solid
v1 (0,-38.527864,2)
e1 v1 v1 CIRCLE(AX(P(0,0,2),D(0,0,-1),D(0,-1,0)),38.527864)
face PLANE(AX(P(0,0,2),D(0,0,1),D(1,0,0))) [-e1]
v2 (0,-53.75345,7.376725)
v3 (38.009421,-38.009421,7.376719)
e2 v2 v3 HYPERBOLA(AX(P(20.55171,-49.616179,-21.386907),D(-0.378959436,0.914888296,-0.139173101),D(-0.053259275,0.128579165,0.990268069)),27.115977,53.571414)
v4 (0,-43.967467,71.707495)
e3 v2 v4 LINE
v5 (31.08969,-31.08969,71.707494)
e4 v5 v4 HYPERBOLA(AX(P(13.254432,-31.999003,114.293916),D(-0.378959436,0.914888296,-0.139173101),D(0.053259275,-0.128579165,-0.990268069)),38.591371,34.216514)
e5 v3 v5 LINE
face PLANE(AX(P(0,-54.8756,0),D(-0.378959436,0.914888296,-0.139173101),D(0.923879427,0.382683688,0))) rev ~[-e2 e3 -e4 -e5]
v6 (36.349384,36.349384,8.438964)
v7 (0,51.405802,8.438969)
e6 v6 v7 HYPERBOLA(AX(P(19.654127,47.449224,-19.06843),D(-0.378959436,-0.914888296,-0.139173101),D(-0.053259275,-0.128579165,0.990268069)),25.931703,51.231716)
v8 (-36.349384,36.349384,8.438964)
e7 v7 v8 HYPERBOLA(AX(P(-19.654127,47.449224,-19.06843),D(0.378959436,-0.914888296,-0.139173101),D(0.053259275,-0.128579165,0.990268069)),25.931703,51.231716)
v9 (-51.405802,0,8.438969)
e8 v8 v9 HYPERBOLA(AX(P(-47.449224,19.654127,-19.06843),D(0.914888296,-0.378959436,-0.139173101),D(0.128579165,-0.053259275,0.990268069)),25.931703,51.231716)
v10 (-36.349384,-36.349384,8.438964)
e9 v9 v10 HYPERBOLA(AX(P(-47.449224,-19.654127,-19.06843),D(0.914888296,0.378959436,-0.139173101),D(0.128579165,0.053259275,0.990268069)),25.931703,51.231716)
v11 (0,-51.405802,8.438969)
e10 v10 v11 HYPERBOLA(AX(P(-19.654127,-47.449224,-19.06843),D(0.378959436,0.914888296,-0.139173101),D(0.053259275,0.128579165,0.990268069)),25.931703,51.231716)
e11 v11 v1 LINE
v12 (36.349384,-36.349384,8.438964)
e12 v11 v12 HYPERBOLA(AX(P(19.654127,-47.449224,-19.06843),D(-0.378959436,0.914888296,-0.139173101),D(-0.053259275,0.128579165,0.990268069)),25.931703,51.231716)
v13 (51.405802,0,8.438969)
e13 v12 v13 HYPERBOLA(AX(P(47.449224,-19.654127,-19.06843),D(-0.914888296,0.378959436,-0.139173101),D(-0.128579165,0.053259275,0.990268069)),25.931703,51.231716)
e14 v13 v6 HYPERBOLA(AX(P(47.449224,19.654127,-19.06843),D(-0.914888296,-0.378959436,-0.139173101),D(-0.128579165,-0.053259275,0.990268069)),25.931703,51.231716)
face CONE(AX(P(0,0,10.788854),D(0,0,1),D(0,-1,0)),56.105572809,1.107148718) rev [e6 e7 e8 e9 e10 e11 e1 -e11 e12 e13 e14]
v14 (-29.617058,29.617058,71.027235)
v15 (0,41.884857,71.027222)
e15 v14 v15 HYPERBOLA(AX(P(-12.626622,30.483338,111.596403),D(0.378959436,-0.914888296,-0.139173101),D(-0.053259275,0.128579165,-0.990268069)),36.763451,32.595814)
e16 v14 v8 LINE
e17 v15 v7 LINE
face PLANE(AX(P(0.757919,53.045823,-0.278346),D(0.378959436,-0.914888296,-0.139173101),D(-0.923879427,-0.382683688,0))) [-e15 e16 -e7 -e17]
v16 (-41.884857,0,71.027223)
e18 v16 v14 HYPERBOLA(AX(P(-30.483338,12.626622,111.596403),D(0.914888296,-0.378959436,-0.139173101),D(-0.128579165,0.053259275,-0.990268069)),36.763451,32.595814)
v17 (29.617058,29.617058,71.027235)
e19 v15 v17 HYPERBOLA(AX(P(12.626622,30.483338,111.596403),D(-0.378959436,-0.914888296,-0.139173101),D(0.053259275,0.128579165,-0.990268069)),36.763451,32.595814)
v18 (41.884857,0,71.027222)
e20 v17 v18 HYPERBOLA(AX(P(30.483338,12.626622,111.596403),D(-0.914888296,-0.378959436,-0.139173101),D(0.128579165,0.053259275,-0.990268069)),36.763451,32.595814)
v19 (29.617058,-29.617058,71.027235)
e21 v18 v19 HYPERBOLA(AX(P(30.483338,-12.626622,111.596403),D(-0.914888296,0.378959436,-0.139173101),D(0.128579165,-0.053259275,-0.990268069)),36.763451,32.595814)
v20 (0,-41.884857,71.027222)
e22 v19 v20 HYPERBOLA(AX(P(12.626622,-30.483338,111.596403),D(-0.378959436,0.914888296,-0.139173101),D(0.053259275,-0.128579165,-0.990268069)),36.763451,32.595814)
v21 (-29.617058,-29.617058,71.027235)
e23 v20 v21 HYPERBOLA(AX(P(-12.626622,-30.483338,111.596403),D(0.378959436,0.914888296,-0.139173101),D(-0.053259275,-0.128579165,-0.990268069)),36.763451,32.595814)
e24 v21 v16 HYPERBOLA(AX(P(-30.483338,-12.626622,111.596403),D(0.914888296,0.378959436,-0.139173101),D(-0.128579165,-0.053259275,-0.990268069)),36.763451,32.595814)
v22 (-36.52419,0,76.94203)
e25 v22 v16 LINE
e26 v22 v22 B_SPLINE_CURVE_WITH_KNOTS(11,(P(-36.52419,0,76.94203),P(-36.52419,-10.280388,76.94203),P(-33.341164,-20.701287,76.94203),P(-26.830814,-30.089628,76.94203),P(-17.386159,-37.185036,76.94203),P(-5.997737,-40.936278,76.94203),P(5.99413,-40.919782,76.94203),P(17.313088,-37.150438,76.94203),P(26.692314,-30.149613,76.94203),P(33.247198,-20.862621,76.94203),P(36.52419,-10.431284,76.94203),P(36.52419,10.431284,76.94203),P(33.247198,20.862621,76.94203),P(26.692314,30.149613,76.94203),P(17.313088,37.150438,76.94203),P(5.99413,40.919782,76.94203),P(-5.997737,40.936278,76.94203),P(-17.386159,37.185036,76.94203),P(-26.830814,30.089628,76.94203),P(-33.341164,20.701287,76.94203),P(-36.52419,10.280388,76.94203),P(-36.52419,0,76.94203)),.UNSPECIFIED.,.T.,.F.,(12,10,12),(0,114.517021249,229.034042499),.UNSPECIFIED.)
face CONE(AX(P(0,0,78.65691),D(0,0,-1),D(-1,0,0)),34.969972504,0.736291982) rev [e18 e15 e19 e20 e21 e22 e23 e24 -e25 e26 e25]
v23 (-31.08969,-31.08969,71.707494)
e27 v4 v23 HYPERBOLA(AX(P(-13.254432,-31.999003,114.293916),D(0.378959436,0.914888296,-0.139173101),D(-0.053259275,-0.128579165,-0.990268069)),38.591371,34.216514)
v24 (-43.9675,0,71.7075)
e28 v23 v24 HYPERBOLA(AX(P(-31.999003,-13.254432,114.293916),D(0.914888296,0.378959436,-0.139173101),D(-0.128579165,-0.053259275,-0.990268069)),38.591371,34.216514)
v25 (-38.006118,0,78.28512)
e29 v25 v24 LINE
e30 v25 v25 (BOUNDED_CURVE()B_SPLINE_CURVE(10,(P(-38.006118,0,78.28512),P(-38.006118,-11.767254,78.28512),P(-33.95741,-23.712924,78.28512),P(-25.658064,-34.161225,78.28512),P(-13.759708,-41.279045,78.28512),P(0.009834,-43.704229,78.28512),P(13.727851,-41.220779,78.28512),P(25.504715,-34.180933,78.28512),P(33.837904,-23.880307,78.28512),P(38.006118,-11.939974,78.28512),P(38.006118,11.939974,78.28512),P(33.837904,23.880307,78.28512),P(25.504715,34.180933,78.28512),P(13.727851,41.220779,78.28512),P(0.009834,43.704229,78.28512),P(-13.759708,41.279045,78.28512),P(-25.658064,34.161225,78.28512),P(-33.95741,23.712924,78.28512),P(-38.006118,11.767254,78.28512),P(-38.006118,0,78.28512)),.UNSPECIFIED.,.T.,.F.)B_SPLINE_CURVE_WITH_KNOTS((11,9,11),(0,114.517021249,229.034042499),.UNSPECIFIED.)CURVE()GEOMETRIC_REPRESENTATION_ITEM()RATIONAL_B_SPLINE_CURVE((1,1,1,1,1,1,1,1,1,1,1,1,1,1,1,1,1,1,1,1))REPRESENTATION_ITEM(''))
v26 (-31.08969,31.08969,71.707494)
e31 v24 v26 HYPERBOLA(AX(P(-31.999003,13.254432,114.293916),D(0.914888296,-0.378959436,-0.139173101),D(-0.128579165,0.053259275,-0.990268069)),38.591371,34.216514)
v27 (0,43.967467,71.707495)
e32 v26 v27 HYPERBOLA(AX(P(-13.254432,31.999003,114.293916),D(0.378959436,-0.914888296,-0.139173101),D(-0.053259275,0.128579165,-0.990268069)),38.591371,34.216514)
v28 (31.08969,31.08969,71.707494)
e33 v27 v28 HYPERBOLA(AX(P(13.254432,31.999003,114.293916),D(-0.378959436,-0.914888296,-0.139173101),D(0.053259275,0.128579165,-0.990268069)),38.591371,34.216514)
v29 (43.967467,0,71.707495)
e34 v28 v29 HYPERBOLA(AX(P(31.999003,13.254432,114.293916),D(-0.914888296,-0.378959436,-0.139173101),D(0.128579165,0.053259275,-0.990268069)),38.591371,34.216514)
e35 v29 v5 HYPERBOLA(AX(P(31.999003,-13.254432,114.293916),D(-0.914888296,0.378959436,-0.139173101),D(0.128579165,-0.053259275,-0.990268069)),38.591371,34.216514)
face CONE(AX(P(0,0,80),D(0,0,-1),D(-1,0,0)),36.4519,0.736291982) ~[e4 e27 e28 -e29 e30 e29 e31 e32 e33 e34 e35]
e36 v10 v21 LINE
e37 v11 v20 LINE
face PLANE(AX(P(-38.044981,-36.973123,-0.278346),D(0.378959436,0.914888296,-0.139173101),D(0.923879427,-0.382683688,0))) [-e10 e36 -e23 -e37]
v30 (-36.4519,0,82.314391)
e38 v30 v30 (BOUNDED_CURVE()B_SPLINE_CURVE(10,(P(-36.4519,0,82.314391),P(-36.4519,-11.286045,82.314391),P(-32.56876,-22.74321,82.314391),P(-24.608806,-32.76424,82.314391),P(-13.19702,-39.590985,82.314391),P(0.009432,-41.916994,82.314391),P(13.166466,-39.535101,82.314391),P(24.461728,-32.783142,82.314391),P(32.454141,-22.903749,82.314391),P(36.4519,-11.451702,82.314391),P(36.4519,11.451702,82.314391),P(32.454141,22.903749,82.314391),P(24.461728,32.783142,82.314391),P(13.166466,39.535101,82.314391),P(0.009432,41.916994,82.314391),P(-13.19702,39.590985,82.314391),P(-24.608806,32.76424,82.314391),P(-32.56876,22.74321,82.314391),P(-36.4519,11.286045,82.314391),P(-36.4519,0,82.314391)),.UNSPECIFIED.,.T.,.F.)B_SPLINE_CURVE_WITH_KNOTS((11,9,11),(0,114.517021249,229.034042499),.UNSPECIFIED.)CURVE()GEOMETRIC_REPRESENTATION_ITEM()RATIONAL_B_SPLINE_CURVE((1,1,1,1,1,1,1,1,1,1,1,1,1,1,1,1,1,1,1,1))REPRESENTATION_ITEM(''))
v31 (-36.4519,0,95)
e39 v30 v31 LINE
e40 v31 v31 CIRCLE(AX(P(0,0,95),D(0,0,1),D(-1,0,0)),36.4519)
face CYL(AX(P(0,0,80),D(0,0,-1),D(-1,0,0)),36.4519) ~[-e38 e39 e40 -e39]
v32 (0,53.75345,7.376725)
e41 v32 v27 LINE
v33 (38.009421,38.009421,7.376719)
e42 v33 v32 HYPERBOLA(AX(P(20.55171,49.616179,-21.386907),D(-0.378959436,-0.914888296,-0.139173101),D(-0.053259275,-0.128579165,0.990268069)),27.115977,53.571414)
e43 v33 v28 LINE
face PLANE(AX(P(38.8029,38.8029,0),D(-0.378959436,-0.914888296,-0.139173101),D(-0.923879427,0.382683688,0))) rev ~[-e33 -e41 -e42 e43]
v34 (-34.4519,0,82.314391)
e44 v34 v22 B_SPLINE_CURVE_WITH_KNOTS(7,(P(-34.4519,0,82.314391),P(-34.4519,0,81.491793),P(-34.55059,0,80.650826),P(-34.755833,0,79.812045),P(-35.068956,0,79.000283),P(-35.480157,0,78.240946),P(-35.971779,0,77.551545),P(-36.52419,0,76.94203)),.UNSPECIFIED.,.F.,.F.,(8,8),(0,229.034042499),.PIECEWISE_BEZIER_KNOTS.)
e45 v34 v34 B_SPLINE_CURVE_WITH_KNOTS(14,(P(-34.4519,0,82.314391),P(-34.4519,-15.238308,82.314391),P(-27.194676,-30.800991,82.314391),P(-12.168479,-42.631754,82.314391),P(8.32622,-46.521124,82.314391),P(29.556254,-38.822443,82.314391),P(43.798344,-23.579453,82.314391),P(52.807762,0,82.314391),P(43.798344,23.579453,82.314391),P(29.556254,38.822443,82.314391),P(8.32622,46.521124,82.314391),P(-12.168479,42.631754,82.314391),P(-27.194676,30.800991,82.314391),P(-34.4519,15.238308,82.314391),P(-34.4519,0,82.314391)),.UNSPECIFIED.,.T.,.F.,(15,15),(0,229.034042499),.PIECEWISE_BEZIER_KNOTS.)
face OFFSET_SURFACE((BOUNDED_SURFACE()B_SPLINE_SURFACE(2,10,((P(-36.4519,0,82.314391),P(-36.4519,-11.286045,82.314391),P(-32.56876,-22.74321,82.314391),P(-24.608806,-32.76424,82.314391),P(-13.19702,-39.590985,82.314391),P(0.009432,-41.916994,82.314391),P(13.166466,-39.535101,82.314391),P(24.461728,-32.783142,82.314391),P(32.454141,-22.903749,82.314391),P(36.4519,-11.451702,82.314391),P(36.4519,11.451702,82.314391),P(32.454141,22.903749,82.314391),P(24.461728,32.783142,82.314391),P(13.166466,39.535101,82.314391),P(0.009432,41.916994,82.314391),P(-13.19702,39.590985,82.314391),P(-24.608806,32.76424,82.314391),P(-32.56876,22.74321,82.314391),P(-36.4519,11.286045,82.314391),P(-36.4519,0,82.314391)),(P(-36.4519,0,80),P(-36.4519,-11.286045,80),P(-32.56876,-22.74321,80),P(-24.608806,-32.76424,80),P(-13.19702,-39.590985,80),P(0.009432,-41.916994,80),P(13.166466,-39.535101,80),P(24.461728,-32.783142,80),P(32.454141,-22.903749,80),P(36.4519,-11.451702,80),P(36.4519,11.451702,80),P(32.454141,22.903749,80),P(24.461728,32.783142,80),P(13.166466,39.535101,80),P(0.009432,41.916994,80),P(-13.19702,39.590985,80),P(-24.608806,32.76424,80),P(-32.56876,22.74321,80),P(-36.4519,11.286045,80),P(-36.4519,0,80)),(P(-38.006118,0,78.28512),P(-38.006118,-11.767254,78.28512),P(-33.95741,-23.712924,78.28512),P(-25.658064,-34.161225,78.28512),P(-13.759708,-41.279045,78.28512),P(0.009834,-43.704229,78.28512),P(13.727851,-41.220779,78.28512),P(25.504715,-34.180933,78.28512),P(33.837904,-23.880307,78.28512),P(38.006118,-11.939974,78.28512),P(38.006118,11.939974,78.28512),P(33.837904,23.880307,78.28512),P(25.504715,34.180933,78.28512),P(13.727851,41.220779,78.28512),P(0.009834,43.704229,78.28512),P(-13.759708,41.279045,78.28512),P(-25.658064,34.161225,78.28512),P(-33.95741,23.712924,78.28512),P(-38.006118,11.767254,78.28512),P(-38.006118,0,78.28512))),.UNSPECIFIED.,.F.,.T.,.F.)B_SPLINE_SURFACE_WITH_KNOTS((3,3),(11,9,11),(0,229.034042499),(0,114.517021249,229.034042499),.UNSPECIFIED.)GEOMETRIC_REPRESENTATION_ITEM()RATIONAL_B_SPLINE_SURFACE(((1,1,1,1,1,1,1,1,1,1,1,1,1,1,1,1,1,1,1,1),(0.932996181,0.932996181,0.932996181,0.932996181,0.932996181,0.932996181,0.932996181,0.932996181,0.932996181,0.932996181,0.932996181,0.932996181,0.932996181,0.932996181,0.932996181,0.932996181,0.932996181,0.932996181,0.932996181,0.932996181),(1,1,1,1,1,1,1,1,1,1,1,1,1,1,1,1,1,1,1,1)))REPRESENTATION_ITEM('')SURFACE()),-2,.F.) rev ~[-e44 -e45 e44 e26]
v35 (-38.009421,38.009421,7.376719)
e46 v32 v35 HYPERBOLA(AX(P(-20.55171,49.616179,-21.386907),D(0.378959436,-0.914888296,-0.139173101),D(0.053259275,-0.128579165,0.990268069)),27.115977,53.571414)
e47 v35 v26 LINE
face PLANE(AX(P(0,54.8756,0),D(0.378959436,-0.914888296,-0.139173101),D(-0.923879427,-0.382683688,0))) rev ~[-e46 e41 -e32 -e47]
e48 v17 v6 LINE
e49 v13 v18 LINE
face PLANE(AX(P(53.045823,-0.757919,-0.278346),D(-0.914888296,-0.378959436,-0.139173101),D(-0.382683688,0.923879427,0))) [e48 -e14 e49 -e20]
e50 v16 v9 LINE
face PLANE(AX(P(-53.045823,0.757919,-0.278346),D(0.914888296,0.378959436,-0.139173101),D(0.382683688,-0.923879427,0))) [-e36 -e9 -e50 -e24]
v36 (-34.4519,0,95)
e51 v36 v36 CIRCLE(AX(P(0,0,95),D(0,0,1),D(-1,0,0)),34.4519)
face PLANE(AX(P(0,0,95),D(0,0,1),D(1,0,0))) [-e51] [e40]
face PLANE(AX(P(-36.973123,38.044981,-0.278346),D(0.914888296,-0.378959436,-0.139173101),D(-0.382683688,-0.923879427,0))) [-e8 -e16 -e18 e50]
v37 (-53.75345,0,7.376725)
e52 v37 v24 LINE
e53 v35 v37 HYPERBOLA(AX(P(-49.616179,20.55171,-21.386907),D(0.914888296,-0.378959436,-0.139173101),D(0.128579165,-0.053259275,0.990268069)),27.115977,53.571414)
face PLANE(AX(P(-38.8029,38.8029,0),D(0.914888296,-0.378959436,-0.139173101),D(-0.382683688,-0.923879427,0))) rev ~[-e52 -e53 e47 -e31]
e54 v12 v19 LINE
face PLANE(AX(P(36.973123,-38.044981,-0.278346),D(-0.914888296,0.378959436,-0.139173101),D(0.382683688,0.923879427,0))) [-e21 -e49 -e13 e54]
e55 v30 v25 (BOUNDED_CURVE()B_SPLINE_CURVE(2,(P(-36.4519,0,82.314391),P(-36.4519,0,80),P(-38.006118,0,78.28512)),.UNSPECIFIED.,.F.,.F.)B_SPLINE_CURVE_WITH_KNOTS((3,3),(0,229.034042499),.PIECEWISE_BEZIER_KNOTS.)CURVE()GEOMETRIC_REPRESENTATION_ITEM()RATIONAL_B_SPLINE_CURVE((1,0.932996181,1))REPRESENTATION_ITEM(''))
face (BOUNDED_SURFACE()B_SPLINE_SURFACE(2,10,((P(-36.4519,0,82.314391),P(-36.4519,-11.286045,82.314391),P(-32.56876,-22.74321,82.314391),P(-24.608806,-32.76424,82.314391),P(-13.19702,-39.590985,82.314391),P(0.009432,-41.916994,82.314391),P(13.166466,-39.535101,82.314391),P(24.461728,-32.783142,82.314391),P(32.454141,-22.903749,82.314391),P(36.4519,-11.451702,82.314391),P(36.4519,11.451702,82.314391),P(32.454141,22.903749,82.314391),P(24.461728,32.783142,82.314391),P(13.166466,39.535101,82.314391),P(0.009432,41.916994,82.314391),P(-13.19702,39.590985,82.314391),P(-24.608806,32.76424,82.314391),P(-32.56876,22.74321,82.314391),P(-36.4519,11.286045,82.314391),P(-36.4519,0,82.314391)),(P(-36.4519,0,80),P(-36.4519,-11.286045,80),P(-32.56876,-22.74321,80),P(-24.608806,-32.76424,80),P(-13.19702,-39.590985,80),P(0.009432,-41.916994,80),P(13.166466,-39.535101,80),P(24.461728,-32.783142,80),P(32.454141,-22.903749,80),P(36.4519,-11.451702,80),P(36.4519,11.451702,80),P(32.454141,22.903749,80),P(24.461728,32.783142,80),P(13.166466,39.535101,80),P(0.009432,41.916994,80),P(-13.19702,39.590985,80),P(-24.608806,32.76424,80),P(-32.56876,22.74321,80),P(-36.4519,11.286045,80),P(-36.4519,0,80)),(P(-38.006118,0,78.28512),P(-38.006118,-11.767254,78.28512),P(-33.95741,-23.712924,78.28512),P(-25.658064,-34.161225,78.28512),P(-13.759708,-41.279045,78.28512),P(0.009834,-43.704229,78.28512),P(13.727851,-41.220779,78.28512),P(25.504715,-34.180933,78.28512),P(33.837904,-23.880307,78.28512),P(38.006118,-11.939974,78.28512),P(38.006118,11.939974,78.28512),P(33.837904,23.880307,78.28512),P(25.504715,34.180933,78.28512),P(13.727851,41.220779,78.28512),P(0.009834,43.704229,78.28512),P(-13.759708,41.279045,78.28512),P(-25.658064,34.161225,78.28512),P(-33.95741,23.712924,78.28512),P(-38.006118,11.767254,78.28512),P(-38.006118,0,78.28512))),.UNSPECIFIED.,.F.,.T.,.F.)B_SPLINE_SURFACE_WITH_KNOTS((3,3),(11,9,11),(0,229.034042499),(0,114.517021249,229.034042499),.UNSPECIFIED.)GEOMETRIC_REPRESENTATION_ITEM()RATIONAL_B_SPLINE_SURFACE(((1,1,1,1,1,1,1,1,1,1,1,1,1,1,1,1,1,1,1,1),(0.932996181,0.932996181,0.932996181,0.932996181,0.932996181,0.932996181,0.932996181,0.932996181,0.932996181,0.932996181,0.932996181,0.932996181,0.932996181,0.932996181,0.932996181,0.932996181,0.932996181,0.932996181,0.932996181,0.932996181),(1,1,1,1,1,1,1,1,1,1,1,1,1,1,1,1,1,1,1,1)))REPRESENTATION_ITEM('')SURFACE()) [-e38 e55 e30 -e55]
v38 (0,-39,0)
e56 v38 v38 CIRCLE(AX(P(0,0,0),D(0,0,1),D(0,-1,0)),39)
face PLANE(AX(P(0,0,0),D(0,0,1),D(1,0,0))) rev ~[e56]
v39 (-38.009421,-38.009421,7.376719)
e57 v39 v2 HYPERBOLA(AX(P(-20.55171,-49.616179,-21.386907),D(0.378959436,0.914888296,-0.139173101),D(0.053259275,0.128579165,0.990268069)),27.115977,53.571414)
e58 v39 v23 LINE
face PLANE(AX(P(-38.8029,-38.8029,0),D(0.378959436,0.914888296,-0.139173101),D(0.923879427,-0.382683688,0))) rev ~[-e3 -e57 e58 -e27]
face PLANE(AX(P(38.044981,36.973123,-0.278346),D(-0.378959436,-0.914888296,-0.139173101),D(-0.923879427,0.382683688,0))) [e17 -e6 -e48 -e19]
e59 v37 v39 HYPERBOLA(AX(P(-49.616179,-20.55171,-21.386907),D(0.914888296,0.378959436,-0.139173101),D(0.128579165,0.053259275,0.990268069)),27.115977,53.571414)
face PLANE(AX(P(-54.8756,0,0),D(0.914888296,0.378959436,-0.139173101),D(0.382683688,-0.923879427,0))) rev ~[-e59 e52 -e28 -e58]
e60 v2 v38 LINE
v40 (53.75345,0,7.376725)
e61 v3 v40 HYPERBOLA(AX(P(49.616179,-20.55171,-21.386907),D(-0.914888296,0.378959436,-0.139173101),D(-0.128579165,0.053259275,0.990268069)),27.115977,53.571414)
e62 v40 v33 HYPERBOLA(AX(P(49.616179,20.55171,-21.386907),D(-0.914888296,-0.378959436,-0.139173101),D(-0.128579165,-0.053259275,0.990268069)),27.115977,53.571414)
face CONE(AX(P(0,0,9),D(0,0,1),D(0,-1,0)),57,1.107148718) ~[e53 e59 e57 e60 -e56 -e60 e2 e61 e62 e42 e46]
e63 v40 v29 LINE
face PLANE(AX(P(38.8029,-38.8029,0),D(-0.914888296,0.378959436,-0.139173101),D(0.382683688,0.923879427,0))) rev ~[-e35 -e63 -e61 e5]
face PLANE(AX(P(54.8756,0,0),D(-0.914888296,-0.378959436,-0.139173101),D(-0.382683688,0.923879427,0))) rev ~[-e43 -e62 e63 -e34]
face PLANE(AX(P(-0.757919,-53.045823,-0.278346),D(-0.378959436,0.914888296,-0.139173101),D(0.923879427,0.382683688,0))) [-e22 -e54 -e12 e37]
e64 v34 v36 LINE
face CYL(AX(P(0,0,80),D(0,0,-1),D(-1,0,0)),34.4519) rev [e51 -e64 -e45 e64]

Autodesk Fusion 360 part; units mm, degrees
sketch "Sketch1" plane through (0, 0, 0) normal (0, 0, 1) x (1, 0, 0) in component "boiler"
  line L0 (38.8029, -38.8029) -> (54.8756, 0)
  line L1 (54.8756, 0) -> (38.8029, 38.8029)
  line L2 (38.8029, 38.8029) -> (0, 54.8756)
  line L3 (0, 54.8756) -> (-38.8029, 38.8029)
  line L4 (-38.8029, 38.8029) -> (-54.8756, 0)
  line L5 (-54.8756, 0) -> (-38.8029, -38.8029)
  line L6 (-38.8029, -38.8029) -> (0, -54.8756)
  line L7 (0, -54.8756) -> (38.8029, -38.8029)
  line L8 (0, 0) -> (0, -54.8756) construction
  dimension "d1" = 42
extrude "Extrude1" add sketch "Sketch1" along normal blind 80 draft -8 in component "boiler"
sketch "Sketch2" plane through (-19.0257, -45.9321, 6.9872) normal (-0.379, -0.9149, 0.1392) x (0.9239, -0.3827, 0) in component "boiler"
  line L0 (16.3429, 73.7303) -> (-16.3429, 73.7303)
  line L1 (-16.3429, 73.7303) -> (-21, -7.0559)
  line L2 (-21, -7.0559) -> (21, -7.0559)
  line L3 (21, -7.0559) -> (16.3429, 73.7303)
sketch "Sketch3" plane through (19.0257, -45.9321, 6.9872) normal (0.379, -0.9149, 0.1392) x (0.9239, 0.3827, 0) in component "boiler"
  line L0 (16.3429, 73.7303) -> (-16.3429, 73.7303)
  line L1 (-16.3429, 73.7303) -> (-21, -7.0559)
  line L2 (-21, -7.0559) -> (21, -7.0559)
  line L3 (21, -7.0559) -> (16.3429, 73.7303)
sketch "Sketch1 (2)" plane through (0, 0, 0) normal (1, 0, 0) x (0, 1, 0)
sketch "Sketch5" plane through (0, 0, 0) normal (1, 0, 0) x (0, 1, 0) in component "boiler"
  line L0 (-65, 0) -> (-57, 9)
  line L1 (-57, 9) -> (-39, 0)
  line L2 (-39, 0) -> (-65, 0)
revolve "Revolve1" cut sketch "Sketch5" angle 360 about axis through (0, 0, 1.75) along (0, 0, 1) in component "boiler"
sketch "Sketch2 (2)" plane through (0, 0, 0) normal (0, 1, 0) x (1, 0, 0)
  line L0 (-53.7535, -7.3767) -> (-42.706, -80)
  line L1 (-30.1977, -80) -> (-42.706, -80)
  line L2 (-36.4519, -80) -> (-43.9675, -71.7075)
revolve "Revolve2" cut sketch "Sketch2 (2)" angle 360 about axis through (0, 0, 1.75) along (0, 0, 1) in component "boiler"
extrude "Extrude2" add 1 faces at (9.3758, -5.1542, 80) along direction (0, 0, 1) blind 15 in component "boiler"
fillet "Fillet1" radius 6 1 edges at (33.9851, 13.1816, 80) in component "boiler"
shell "Shell1" thickness 2 removed faces 1 at (9.3758, -5.1542, 95) in component "boiler"
component "boiler" placed x (1, 0, 0) y (0, 1, 0) z (0, 0, 1) at (0, 0, 0)
